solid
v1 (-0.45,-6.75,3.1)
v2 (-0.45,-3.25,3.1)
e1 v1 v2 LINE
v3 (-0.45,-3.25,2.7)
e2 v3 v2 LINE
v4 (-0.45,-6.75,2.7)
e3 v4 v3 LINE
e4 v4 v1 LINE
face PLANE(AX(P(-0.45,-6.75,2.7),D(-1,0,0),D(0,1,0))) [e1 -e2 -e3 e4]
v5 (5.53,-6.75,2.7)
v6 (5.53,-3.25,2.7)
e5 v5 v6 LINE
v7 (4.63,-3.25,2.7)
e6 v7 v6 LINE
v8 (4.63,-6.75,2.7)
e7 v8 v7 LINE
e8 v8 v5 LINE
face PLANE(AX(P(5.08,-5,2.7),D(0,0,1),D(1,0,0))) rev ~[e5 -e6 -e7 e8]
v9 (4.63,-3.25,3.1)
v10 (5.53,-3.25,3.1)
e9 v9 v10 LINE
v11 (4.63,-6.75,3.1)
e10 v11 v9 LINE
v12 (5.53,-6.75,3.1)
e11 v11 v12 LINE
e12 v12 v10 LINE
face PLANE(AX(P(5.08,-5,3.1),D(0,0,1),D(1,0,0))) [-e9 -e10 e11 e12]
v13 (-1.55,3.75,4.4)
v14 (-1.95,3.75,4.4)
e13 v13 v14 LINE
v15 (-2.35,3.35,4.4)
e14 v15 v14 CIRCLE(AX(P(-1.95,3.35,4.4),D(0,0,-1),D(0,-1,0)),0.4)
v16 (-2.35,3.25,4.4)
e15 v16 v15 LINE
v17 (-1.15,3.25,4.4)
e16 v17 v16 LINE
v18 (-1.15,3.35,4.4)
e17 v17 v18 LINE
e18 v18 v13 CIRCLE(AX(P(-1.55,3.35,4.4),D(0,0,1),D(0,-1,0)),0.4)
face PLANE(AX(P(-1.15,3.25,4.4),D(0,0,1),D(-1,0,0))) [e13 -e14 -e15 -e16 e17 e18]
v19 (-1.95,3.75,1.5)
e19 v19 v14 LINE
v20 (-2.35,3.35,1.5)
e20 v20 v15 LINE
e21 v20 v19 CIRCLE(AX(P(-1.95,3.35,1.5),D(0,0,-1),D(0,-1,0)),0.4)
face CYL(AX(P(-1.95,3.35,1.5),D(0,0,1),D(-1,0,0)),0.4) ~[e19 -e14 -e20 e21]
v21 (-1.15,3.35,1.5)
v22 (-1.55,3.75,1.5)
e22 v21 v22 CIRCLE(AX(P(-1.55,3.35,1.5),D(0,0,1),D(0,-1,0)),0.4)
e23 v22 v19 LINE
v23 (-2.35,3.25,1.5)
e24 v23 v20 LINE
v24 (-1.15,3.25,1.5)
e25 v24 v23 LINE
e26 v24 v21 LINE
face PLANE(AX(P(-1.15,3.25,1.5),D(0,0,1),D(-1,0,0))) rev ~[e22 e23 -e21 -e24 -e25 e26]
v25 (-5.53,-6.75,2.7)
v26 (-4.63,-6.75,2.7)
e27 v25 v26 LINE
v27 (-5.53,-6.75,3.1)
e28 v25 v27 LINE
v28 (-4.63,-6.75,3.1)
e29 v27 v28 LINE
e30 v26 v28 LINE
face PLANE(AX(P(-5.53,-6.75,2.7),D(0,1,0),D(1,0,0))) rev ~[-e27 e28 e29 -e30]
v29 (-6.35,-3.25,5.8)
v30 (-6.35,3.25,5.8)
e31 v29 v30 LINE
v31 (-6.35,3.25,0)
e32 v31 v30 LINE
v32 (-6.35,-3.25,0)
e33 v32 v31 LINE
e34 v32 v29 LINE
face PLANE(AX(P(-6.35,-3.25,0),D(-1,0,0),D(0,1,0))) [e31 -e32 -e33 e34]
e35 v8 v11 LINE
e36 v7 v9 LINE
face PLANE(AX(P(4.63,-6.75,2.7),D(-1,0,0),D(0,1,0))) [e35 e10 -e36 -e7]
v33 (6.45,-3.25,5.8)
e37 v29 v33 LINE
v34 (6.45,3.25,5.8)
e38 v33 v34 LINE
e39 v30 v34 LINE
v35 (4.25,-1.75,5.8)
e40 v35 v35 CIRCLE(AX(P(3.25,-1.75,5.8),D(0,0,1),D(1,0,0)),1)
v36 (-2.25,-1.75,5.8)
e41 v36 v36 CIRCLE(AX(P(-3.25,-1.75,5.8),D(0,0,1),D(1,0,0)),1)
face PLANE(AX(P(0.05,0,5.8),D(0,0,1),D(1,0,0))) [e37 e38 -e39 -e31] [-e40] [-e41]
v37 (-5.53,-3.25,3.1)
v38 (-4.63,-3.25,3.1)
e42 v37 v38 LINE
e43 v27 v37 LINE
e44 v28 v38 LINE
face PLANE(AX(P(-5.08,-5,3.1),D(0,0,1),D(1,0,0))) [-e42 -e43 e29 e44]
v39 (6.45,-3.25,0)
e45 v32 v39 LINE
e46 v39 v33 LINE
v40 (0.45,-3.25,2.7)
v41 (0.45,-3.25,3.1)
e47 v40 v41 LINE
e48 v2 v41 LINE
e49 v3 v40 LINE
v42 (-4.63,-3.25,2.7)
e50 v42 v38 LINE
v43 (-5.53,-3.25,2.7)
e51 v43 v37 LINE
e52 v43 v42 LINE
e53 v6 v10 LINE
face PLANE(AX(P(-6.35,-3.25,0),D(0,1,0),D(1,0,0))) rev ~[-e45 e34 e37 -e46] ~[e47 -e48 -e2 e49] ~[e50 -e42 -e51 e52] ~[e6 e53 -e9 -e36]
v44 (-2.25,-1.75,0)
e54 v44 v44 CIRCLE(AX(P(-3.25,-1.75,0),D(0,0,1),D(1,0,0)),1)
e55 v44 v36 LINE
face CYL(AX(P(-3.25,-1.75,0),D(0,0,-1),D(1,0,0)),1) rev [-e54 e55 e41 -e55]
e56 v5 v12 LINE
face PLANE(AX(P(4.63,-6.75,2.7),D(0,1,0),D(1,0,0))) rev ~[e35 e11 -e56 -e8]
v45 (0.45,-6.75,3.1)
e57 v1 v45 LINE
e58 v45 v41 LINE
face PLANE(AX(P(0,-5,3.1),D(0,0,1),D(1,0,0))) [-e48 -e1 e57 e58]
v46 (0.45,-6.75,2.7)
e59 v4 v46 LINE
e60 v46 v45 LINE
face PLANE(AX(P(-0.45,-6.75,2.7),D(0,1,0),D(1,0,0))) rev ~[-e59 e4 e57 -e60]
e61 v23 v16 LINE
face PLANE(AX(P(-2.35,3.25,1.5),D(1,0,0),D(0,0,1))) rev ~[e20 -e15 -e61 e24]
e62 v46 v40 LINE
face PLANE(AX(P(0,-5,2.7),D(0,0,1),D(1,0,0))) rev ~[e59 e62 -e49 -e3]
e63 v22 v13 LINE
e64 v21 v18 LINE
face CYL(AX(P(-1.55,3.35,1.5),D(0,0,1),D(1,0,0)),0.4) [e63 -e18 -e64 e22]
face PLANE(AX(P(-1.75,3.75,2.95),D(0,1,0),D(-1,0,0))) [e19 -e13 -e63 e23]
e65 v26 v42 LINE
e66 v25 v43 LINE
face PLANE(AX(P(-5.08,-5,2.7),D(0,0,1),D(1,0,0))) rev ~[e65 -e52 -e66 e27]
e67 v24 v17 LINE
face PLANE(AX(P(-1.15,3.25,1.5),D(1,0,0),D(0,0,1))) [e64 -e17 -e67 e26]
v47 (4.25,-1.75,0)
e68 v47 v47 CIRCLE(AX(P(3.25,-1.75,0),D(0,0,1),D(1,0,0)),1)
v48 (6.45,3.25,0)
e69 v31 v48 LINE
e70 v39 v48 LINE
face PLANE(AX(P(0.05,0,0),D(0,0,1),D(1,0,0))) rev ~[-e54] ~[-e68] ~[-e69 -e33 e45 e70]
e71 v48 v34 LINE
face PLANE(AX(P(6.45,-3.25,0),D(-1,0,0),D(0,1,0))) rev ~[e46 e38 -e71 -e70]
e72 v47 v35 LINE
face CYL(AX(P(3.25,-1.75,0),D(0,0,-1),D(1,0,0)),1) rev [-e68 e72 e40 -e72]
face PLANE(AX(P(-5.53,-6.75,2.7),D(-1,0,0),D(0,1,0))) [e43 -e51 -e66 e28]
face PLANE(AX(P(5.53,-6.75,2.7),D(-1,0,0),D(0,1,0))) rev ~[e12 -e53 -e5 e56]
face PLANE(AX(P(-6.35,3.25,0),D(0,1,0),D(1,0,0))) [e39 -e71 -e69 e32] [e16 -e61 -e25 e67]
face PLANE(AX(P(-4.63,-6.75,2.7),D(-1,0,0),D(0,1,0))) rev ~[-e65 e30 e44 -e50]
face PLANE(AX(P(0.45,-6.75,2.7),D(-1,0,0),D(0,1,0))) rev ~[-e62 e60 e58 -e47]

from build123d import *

# Parameters (mm, degrees)
F0_W     = 12.8
F0_H     = 6.5
F0_R     = 1
F1_DEPTH = 5.8
F4_W     = 0.9
F4_H     = 3.5
F5_DEPTH = 0.4
F2_W     = 1.2
F2_H     = 2.9
F6_DEPTH = 0.5
F7_R     = 0.4


with BuildPart() as f1:
    # F0 (on Top) → F1 (new body)
    with BuildSketch(Plane.XY):
        with Locations((0.05, 0)):
            Rectangle(F0_W, F0_H)
        with Locations((-3.25, -1.75)):
            Circle(F0_R, mode=Mode.SUBTRACT)
        with Locations((3.25, -1.75)):
            Circle(F0_R, mode=Mode.SUBTRACT)
    extrude(amount=F1_DEPTH)

    # F4 (on offset) → F5 (join)
    with BuildSketch(Plane.XY.offset(2.7)):
        with Locations((-5.08, -5)):
            Rectangle(F4_W, F4_H)
        with Locations((0, -5)):
            Rectangle(F4_W, F4_H)
        with Locations((5.08, -5)):
            Rectangle(F4_W, F4_H)
    extrude(amount=F5_DEPTH)

    # F2 (on face) → F6 (join)
    with BuildSketch(Plane(origin=(0, 3.25, 0), x_dir=(-1, 0, 0), z_dir=(0, 1, 0))):
        with Locations((1.75, 2.95)):
            Rectangle(F2_W, F2_H)
    extrude(amount=F6_DEPTH)

    # F7
    f7_edges = [f1.edges().sort_by_distance(p)[0] for p in [
        (-2.35, 3.75, 2.95),
        (-1.15, 3.75, 2.95),
    ]]
    fillet(f7_edges, radius=F7_R)


solid = f1.part
